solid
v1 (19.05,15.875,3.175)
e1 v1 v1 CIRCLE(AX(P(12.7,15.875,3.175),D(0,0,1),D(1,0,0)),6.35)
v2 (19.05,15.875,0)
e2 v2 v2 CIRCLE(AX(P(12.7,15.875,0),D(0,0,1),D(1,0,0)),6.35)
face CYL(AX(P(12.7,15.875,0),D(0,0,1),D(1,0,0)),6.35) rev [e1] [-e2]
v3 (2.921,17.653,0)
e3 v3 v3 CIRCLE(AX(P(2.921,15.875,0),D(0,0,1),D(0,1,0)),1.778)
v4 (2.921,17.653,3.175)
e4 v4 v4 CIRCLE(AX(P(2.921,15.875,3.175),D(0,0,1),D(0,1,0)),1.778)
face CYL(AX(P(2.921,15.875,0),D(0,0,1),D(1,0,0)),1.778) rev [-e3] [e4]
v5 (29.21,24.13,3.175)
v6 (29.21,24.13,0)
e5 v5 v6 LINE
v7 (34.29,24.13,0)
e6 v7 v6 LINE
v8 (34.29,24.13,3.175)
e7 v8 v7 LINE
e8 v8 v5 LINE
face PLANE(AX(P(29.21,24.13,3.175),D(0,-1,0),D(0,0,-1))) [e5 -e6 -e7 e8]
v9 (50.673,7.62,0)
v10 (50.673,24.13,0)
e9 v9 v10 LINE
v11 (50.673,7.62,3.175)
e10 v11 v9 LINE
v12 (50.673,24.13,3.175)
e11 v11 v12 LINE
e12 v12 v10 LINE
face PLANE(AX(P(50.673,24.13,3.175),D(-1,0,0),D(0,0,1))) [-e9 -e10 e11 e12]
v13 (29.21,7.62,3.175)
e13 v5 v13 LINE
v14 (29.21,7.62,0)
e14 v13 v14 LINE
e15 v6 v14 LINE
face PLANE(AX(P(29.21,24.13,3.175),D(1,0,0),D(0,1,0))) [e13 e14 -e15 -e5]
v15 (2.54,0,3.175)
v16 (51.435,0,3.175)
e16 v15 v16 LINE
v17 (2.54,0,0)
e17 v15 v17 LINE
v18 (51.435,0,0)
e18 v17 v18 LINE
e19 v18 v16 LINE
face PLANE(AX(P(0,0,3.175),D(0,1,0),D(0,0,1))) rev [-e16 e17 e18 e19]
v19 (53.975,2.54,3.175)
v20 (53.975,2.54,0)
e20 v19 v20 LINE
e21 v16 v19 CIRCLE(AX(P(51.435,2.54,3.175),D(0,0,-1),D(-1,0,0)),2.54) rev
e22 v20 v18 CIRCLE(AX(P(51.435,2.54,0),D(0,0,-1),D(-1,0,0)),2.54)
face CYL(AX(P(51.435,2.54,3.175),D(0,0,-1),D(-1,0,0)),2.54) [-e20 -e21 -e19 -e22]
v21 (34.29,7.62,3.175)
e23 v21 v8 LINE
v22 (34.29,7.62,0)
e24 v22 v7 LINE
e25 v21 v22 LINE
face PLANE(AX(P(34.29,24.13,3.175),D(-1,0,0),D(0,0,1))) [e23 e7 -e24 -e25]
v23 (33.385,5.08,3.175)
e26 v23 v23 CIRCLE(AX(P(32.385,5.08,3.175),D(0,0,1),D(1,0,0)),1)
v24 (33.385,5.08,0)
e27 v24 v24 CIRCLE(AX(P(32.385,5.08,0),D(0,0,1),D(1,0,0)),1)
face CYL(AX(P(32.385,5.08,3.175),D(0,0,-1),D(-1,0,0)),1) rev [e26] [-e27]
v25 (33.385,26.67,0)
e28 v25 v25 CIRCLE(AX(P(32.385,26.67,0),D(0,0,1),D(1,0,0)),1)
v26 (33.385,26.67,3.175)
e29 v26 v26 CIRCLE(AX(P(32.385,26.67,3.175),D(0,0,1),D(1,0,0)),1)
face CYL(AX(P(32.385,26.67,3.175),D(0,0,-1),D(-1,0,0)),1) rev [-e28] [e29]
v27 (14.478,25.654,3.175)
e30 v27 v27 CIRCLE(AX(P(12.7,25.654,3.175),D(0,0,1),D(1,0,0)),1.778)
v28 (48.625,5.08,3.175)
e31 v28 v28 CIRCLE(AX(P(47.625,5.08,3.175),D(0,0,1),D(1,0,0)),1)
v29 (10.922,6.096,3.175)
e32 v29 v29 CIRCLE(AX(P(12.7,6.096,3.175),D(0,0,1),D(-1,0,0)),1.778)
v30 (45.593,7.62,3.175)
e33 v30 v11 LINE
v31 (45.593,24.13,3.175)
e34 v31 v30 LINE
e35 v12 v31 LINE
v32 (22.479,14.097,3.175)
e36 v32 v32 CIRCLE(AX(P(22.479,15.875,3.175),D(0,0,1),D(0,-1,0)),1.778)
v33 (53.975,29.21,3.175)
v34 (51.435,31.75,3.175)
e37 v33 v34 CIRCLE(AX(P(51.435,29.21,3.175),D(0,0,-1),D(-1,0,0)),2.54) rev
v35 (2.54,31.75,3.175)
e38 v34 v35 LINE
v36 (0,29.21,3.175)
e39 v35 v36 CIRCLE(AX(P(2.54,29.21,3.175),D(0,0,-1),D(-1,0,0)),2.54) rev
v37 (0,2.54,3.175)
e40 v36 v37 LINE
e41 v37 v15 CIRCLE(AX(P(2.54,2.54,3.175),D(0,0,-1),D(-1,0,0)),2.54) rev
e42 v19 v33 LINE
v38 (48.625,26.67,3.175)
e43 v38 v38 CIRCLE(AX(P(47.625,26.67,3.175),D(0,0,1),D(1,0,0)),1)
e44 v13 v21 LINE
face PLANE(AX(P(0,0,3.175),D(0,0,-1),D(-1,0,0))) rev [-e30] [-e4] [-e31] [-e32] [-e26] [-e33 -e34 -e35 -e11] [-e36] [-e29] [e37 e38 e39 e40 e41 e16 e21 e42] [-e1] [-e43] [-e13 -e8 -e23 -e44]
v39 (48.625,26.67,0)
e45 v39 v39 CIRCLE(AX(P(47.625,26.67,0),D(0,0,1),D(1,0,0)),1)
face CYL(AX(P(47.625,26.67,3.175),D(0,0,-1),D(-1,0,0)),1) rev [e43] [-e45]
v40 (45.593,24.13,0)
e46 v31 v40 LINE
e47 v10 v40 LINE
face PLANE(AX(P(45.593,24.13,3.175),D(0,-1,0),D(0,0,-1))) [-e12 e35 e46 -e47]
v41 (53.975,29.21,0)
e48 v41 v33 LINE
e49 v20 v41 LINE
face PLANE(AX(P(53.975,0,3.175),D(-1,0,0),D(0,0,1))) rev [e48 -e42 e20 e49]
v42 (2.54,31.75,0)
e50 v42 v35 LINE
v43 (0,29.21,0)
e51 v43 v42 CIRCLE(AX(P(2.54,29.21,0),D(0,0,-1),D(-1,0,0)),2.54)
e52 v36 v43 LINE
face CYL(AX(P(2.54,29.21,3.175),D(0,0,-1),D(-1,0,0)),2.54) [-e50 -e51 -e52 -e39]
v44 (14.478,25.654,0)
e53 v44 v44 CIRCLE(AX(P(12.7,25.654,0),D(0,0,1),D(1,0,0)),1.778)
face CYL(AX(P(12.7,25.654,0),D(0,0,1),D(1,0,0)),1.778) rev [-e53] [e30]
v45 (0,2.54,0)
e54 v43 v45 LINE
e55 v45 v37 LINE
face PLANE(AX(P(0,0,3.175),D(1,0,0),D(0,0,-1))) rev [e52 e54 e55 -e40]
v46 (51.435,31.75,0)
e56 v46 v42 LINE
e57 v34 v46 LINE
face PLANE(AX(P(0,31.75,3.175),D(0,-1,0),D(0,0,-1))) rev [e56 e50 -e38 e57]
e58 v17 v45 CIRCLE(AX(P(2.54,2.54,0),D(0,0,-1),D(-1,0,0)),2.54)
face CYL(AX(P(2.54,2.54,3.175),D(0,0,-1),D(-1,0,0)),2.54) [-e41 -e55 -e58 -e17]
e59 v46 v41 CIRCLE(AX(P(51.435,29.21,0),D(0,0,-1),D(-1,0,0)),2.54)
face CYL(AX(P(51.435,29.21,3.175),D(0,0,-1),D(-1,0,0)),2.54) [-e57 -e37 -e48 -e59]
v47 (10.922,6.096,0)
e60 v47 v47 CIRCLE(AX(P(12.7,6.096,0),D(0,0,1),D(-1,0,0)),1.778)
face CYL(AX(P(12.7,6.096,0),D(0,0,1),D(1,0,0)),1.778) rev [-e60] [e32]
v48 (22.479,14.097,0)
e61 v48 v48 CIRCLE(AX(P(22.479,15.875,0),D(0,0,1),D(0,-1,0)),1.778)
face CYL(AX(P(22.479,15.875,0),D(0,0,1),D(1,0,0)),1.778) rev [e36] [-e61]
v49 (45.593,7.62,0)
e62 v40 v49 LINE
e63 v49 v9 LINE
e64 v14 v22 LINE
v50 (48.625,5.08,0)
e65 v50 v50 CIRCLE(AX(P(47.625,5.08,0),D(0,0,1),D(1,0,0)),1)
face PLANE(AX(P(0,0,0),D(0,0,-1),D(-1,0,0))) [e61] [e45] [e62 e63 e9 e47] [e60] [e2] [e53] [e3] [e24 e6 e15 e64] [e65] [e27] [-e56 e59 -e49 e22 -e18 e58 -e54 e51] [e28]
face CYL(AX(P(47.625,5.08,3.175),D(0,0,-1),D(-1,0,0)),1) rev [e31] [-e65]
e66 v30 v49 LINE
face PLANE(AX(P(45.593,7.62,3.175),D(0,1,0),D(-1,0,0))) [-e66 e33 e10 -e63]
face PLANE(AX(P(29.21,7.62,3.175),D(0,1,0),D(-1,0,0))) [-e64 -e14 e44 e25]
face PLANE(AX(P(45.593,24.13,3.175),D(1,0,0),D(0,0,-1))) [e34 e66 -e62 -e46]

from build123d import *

# Parameters (mm, degrees)
SKETCH2_W           = 53.975
SKETCH2_H           = 31.75
SKETCH2_R           = 1
SKETCH2_W_2         = 5.08
SKETCH2_H_2         = 16.51
BOSS_EXTRUDE1_DEPTH = 3.175
SKETCH3_R           = 6.35
CUT_EXTRUDE1_DEPTH  = 3.175
SKETCH4_R           = 1.778
CUT_EXTRUDE2_DEPTH  = 3.175
CIRPATTERN1_COUNT   = 4
FILLET1_R           = 2.54


with BuildPart() as part:
    # Sketch2 → Boss-Extrude1 (new body)
    with BuildSketch(Plane.XY):
        with Locations((26.9875, 15.875)):
            Rectangle(SKETCH2_W, SKETCH2_H)
        with Locations((32.385, 26.67)):
            Circle(SKETCH2_R, mode=Mode.SUBTRACT)
        with Locations((47.625, 26.67)):
            Circle(SKETCH2_R, mode=Mode.SUBTRACT)
        with Locations((32.385, 5.08)):
            Circle(SKETCH2_R, mode=Mode.SUBTRACT)
        with Locations((47.625, 5.08)):
            Circle(SKETCH2_R, mode=Mode.SUBTRACT)
        with Locations((31.75, 15.875)):
            Rectangle(SKETCH2_W_2, SKETCH2_H_2, mode=Mode.SUBTRACT)
        with Locations((48.133, 15.875)):
            Rectangle(SKETCH2_W_2, SKETCH2_H_2, mode=Mode.SUBTRACT)
    extrude(amount=BOSS_EXTRUDE1_DEPTH)

    # Sketch3 → Cut-Extrude1 (cut)
    with BuildSketch(Plane.XY.offset(3.175)):
        with Locations((12.7, 15.875)):
            Circle(SKETCH3_R)
    extrude(amount=-CUT_EXTRUDE1_DEPTH, mode=Mode.SUBTRACT)

    # Sketch4 → Cut-Extrude2 (cut)
    with BuildSketch(Plane.XY.offset(3.175)):
        with Locations((12.7, 25.654)):
            Circle(SKETCH4_R)
    cut_extrude2 = extrude(amount=-CUT_EXTRUDE2_DEPTH, mode=Mode.SUBTRACT)

    # CirPattern1: Cut-Extrude2 ×4 about axis
    cirpattern1_axis = Axis((12.7, 15.875, 0), (0, 0, 1))
    for i in range(1, CIRPATTERN1_COUNT):
        add(cut_extrude2.rotate(cirpattern1_axis, i * 360 / CIRPATTERN1_COUNT), mode=Mode.SUBTRACT)

    # Fillet1
    fillet1_edges = [part.edges().sort_by_distance(p)[0] for p in [
        (0, 31.75, 1.5875),
        (53.975, 31.75, 1.5875),
        (53.975, 0, 1.5875),
        (0, 0, 1.5875),
    ]]
    fillet(fillet1_edges, radius=FILLET1_R)


solid = part.part
